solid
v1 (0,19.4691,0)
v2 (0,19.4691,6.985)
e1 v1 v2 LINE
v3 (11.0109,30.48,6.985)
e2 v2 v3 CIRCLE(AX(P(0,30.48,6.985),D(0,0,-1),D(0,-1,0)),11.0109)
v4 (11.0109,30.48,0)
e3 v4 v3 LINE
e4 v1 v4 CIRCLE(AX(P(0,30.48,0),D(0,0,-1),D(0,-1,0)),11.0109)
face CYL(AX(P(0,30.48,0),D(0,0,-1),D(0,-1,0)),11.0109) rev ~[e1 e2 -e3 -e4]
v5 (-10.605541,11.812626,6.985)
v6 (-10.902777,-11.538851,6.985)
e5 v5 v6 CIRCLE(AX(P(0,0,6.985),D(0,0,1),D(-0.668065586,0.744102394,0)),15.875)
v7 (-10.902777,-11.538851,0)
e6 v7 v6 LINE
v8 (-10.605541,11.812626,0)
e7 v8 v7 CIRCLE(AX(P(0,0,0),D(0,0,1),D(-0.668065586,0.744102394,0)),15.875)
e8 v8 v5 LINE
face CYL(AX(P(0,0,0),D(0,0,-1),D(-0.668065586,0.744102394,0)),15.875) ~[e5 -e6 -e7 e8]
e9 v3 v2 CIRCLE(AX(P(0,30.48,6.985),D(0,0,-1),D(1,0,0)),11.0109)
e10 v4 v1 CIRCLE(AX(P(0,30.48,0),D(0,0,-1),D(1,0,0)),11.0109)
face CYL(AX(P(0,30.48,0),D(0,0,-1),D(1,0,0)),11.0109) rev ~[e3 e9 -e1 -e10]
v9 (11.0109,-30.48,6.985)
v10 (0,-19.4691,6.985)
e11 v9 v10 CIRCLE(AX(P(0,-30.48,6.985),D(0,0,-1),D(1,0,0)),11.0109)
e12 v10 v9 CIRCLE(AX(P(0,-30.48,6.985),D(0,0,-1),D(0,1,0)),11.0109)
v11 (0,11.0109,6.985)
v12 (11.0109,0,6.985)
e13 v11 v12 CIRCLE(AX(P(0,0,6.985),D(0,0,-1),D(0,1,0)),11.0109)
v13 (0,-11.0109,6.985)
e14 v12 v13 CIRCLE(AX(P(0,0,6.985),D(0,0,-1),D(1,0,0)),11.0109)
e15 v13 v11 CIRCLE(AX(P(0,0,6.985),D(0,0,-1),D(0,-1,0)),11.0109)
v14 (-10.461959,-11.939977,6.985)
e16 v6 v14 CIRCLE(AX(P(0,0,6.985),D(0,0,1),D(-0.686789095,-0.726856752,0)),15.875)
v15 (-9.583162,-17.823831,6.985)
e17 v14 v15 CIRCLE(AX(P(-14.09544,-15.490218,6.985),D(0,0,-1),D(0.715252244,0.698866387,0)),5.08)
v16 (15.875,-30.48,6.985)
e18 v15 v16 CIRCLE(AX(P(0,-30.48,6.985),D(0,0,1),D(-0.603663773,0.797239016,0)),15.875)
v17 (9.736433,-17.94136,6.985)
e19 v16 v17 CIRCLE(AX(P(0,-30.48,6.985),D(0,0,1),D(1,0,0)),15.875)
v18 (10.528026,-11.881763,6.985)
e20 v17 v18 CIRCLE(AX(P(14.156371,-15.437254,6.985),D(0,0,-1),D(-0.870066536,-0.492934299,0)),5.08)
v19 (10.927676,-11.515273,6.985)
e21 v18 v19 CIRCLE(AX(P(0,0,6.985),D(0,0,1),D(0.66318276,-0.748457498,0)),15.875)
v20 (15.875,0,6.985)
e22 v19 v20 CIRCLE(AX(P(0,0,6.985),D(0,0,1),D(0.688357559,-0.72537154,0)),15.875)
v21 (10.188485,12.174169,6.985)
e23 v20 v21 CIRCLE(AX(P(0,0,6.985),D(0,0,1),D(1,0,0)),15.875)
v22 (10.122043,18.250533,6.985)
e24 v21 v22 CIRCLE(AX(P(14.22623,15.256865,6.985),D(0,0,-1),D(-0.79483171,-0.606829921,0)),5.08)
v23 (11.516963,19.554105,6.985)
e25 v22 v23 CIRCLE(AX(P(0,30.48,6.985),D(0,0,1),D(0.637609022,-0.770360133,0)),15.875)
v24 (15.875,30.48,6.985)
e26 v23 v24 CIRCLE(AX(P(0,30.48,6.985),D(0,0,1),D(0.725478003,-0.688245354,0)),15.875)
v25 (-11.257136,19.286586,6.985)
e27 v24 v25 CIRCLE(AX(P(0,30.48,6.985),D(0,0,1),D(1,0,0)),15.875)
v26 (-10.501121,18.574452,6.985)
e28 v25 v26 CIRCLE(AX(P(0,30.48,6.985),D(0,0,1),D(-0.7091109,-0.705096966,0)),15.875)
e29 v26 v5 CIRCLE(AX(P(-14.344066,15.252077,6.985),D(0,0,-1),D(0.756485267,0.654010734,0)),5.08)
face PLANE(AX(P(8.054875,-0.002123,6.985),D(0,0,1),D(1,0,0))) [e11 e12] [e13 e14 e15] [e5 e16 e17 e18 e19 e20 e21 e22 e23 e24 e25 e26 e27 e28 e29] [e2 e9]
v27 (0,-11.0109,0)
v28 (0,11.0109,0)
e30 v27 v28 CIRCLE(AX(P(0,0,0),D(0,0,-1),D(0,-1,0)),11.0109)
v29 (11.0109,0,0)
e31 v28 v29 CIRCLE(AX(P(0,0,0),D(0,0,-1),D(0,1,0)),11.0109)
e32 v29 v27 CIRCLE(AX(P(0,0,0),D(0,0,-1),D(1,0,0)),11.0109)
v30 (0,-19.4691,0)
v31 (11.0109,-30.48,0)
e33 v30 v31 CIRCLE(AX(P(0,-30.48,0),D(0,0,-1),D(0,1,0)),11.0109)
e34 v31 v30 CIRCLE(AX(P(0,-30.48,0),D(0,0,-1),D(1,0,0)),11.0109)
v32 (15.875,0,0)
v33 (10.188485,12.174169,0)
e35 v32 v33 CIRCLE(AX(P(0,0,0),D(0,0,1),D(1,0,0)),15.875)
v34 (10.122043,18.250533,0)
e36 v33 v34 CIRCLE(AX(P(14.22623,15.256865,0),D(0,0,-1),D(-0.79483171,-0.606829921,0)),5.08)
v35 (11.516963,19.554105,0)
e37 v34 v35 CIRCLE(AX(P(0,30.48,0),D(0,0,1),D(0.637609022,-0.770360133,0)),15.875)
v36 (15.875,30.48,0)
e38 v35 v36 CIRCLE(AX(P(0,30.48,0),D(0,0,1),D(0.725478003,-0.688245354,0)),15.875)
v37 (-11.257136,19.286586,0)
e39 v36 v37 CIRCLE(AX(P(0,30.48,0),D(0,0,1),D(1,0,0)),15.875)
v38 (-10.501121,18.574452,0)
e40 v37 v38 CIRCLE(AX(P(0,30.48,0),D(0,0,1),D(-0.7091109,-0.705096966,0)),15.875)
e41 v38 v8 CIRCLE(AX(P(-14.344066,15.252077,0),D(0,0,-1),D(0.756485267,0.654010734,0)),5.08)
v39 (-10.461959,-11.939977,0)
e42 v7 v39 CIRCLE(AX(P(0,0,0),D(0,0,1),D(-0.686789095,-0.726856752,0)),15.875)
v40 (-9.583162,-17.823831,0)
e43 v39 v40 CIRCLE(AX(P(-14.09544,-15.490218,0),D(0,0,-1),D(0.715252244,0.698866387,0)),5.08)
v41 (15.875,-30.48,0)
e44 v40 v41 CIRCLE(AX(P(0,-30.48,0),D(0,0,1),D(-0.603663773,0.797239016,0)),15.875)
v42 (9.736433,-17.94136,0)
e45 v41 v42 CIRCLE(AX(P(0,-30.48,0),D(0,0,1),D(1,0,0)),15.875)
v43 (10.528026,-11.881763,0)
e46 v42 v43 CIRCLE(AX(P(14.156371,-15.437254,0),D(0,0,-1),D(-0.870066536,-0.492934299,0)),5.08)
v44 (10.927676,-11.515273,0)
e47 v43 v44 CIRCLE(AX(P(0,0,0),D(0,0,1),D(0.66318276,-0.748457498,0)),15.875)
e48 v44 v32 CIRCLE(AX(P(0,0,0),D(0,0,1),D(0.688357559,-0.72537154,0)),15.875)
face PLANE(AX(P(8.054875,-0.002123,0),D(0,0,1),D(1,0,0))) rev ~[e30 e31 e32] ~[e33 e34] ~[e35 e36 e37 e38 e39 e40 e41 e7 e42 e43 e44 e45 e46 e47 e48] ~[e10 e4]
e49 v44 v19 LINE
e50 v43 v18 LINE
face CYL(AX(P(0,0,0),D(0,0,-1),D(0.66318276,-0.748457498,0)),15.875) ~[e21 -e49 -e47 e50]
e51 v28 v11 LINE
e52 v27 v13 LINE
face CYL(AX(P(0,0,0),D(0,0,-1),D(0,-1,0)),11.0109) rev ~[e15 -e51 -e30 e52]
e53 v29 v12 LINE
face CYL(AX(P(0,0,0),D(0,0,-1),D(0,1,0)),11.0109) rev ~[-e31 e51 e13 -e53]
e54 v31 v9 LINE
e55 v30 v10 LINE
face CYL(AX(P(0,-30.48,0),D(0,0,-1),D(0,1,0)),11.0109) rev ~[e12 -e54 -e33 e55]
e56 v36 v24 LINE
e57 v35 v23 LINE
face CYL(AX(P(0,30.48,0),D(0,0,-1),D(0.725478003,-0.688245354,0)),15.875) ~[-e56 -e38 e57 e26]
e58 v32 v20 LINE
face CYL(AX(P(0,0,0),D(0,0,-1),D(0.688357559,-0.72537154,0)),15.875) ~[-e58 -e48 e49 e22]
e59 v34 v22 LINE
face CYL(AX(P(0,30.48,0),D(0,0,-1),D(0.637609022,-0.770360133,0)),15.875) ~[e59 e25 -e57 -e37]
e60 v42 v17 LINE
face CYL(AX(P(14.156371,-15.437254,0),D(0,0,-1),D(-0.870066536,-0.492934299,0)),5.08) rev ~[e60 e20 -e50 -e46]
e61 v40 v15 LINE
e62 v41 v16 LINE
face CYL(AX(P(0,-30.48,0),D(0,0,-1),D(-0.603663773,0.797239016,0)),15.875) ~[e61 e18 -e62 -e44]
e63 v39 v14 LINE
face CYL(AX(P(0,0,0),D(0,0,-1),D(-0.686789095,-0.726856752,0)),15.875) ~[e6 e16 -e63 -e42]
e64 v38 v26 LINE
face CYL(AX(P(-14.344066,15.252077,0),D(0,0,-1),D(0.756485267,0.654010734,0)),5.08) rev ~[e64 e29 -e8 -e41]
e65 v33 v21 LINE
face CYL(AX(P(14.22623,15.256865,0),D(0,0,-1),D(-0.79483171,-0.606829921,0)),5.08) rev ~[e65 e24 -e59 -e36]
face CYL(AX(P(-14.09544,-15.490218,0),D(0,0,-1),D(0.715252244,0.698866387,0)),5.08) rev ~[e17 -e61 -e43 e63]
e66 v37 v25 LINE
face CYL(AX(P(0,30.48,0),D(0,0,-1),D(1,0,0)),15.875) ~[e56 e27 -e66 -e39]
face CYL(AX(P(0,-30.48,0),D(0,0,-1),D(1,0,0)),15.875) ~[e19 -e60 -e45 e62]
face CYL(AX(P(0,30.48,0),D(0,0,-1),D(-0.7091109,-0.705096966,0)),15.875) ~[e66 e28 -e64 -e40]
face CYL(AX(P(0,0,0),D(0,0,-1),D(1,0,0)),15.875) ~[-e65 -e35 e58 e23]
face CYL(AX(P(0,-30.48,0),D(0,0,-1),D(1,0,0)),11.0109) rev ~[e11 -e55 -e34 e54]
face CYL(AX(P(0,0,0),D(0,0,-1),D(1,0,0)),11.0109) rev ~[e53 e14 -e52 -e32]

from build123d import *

# Parameters (mm, degrees)
F1_DEPTH = 6.985
F2_DEPTH = 6.985


with BuildPart() as f1:
    # F0 (on Top) → F1 (new body)
    with BuildSketch(Plane.XY):
        with BuildLine():
            Line((0, 15.875), (0, 14.605))
            ThreePointArc((0, 14.605), (2.2450640303, 14.7645517881), (4.445, 15.24))
            ThreePointArc((4.445, 15.24), (2.2450640303, 15.7154482119), (0, 15.875))
        make_face()
        with BuildLine():
            ThreePointArc((-4.445, 15.24), (-2.2450640303, 14.7645517881), (0, 14.605))
            Line((0, 14.605), (0, 15.875))
            ThreePointArc((0, 15.875), (-2.2450640303, 15.7154482119), (-4.445, 15.24))
        make_face()
        with BuildLine():
            Line((0, -15.875), (0, -14.605))
            ThreePointArc((0, -14.605), (-2.2450640303, -14.7645517881), (-4.445, -15.24))
            ThreePointArc((-4.445, -15.24), (-2.2450640303, -15.7154482119), (0, -15.875))
        make_face()
        with BuildLine():
            ThreePointArc((4.445, -15.24), (2.2450640303, -14.7645517881), (0, -14.605))
            Line((0, -14.605), (0, -15.875))
            ThreePointArc((0, -15.875), (2.2450640303, -15.7154482119), (4.445, -15.24))
        make_face()
        with BuildLine():
            ThreePointArc((0, -11.0109), (-11.0109, 0), (0, 11.0109))
            Line((0, 11.0109), (0, 14.605))
            ThreePointArc((0, 14.605), (-2.2450640303, 14.7645517881), (-4.445, 15.24))
            ThreePointArc((-4.445, 15.24), (-7.7179285658, 13.8726062315), (-10.6055411699, 11.8126255123))
            ThreePointArc((-10.6055411699, 11.8126255123), (-15.8737141087, 0.2020529542), (-10.9027768874, -11.5388509455))
            ThreePointArc((-10.9027768874, -11.5388509455), (-10.6764801033, -11.7329434022), (-10.4619588639, -11.9399766219))
            ThreePointArc((-10.4619588639, -11.9399766219), (-7.6339304566, -13.919006099), (-4.445, -15.24))
            ThreePointArc((-4.445, -15.24), (-2.2450640303, -14.7645517881), (0, -14.605))
            Line((0, -14.605), (0, -11.0109))
        make_face()
        with BuildLine():
            ThreePointArc((0, 11.0109), (7.785882057, 7.785882057), (11.0109, 0))
            ThreePointArc((11.0109, 0), (7.785882057, -7.785882057), (0, -11.0109))
            Line((0, -11.0109), (0, -14.605))
            ThreePointArc((0, -14.605), (2.2450640303, -14.7645517881), (4.445, -15.24))
            ThreePointArc((4.445, -15.24), (7.6725040661, -13.897780627), (10.5280263251, -11.8817627774))
            ThreePointArc((10.5280263251, -11.8817627774), (10.7229578197, -11.6931817512), (10.9276762517, -11.5152731942))
            ThreePointArc((10.9276762517, -11.5152731942), (14.5858233483, -6.2665287242), (15.875, 0))
            ThreePointArc((15.875, 0), (14.3832859591, 6.7183859683), (10.188485352, 12.1741690161))
            ThreePointArc((10.188485352, 12.1741690161), (7.4755971863, 14.0046803501), (4.445, 15.24))
            ThreePointArc((4.445, 15.24), (2.2450640303, 14.7645517881), (0, 14.605))
            Line((0, 14.605), (0, 11.0109))
        make_face()
        with BuildLine():
            ThreePointArc((4.445, -15.24), (2.2450640303, -15.7154482119), (0, -15.875))
            ThreePointArc((0, -15.875), (-2.2450640303, -15.7154482119), (-4.445, -15.24))
            ThreePointArc((-4.445, -15.24), (-7.1320670392, -16.2972906415), (-9.5831624007, -17.823830619))
            ThreePointArc((-9.5831624007, -17.823830619), (-7.0669272633, -44.6952792465), (15.875, -30.48))
            ThreePointArc((15.875, -30.48), (14.2580065027, -23.4996794079), (9.7364329992, -17.9413598245))
            ThreePointArc((9.7364329992, -17.9413598245), (7.2182128469, -16.3409396247), (4.445, -15.24))
        make_face()
        with BuildLine():
            ThreePointArc((11.0109, -30.48), (-7.785882057, -38.265882057), (0, -19.4691))
            ThreePointArc((0, -19.4691), (7.785882057, -22.694117943), (11.0109, -30.48))
        make_face(mode=Mode.SUBTRACT)
        with BuildLine():
            ThreePointArc((-4.445, 15.24), (-2.2450640303, 15.7154482119), (0, 15.875))
            ThreePointArc((0, 15.875), (2.2450640303, 15.7154482119), (4.445, 15.24))
            ThreePointArc((4.445, 15.24), (7.4374400281, 16.4550183306), (10.1220432287, 18.2505328867))
            ThreePointArc((10.1220432287, 18.2505328867), (10.7577127256, 18.9684394589), (11.5169632943, 19.5541050033))
            ThreePointArc((11.5169632943, 19.5541050033), (14.7452944578, 24.5985107029), (15.875, 30.48))
            ThreePointArc((15.875, 30.48), (-6.0542794063, 45.1551942362), (-11.2571355427, 19.2865856695))
            ThreePointArc((-11.2571355427, 19.2865856695), (-10.8608812375, 18.9498902987), (-10.5011212887, 18.574451853))
            ThreePointArc((-10.5011212887, 18.574451853), (-7.6567798508, 16.5735501541), (-4.445, 15.24))
        make_face()
        with BuildLine():
            ThreePointArc((11.0109, 30.48), (7.785882057, 22.694117943), (0, 19.4691))
            ThreePointArc((0, 19.4691), (-7.785882057, 38.265882057), (11.0109, 30.48))
        make_face(mode=Mode.SUBTRACT)
    extrude(amount=F1_DEPTH)

    # F0 (on Top) → F2 (join)
    with BuildSketch(Plane.XY):
        with BuildLine():
            ThreePointArc((0, 11.0109), (7.785882057, 7.785882057), (11.0109, 0))
            ThreePointArc((11.0109, 0), (7.785882057, -7.785882057), (0, -11.0109))
            Line((0, -11.0109), (0, -14.605))
            ThreePointArc((0, -14.605), (2.2450640303, -14.7645517881), (4.445, -15.24))
            ThreePointArc((4.445, -15.24), (7.6725040661, -13.897780627), (10.5280263251, -11.8817627774))
            ThreePointArc((10.5280263251, -11.8817627774), (10.7229578197, -11.6931817512), (10.9276762517, -11.5152731942))
            ThreePointArc((10.9276762517, -11.5152731942), (14.5858233483, -6.2665287242), (15.875, 0))
            ThreePointArc((15.875, 0), (14.3832859591, 6.7183859683), (10.188485352, 12.1741690161))
            ThreePointArc((10.188485352, 12.1741690161), (7.4755971863, 14.0046803501), (4.445, 15.24))
            ThreePointArc((4.445, 15.24), (2.2450640303, 14.7645517881), (0, 14.605))
            Line((0, 14.605), (0, 11.0109))
        make_face()
        with BuildLine():
            ThreePointArc((0, -11.0109), (-11.0109, 0), (0, 11.0109))
            Line((0, 11.0109), (0, 14.605))
            ThreePointArc((0, 14.605), (-2.2450640303, 14.7645517881), (-4.445, 15.24))
            ThreePointArc((-4.445, 15.24), (-7.7179285658, 13.8726062315), (-10.6055411699, 11.8126255123))
            ThreePointArc((-10.6055411699, 11.8126255123), (-15.8737141087, 0.2020529542), (-10.9027768874, -11.5388509455))
            ThreePointArc((-10.9027768874, -11.5388509455), (-10.6764801033, -11.7329434022), (-10.4619588639, -11.9399766219))
            ThreePointArc((-10.4619588639, -11.9399766219), (-7.6339304566, -13.919006099), (-4.445, -15.24))
            ThreePointArc((-4.445, -15.24), (-2.2450640303, -14.7645517881), (0, -14.605))
            Line((0, -14.605), (0, -11.0109))
        make_face()
        with BuildLine():
            ThreePointArc((-4.445, 15.24), (-2.2450640303, 15.7154482119), (0, 15.875))
            ThreePointArc((0, 15.875), (2.2450640303, 15.7154482119), (4.445, 15.24))
            ThreePointArc((4.445, 15.24), (7.4374400281, 16.4550183306), (10.1220432287, 18.2505328867))
            ThreePointArc((10.1220432287, 18.2505328867), (10.7577127256, 18.9684394589), (11.5169632943, 19.5541050033))
            ThreePointArc((11.5169632943, 19.5541050033), (14.7452944578, 24.5985107029), (15.875, 30.48))
            ThreePointArc((15.875, 30.48), (-6.0542794063, 45.1551942362), (-11.2571355427, 19.2865856695))
            ThreePointArc((-11.2571355427, 19.2865856695), (-10.8608812375, 18.9498902987), (-10.5011212887, 18.574451853))
            ThreePointArc((-10.5011212887, 18.574451853), (-7.6567798508, 16.5735501541), (-4.445, 15.24))
        make_face()
        with BuildLine():
            ThreePointArc((11.0109, 30.48), (7.785882057, 22.694117943), (0, 19.4691))
            ThreePointArc((0, 19.4691), (-7.785882057, 38.265882057), (11.0109, 30.48))
        make_face(mode=Mode.SUBTRACT)
        with BuildLine():
            ThreePointArc((-10.6055411699, 11.8126255123), (-7.7179285658, 13.8726062315), (-4.445, 15.24))
            ThreePointArc((-4.445, 15.24), (-7.6567798508, 16.5735501541), (-10.5011212887, 18.574451853))
            ThreePointArc((-10.5011212887, 18.574451853), (-9.2646720581, 15.1736384914), (-10.6055411699, 11.8126255123))
        make_face()
        with BuildLine():
            ThreePointArc((10.1220432287, 18.2505328867), (7.4374400281, 16.4550183306), (4.445, 15.24))
            ThreePointArc((4.445, 15.24), (7.4755971863, 14.0046803501), (10.188485352, 12.1741690161))
            ThreePointArc((10.188485352, 12.1741690161), (9.1465341041, 15.2013209708), (10.1220432287, 18.2505328867))
        make_face()
        with BuildLine():
            ThreePointArc((4.445, -15.24), (2.2450640303, -15.7154482119), (0, -15.875))
            ThreePointArc((0, -15.875), (-2.2450640303, -15.7154482119), (-4.445, -15.24))
            ThreePointArc((-4.445, -15.24), (-7.1320670392, -16.2972906415), (-9.5831624007, -17.823830619))
            ThreePointArc((-9.5831624007, -17.823830619), (-7.0669272633, -44.6952792465), (15.875, -30.48))
            ThreePointArc((15.875, -30.48), (14.2580065027, -23.4996794079), (9.7364329992, -17.9413598245))
            ThreePointArc((9.7364329992, -17.9413598245), (7.2182128469, -16.3409396247), (4.445, -15.24))
        make_face()
        with BuildLine():
            ThreePointArc((11.0109, -30.48), (-7.785882057, -38.265882057), (0, -19.4691))
            ThreePointArc((0, -19.4691), (7.785882057, -22.694117943), (11.0109, -30.48))
        make_face(mode=Mode.SUBTRACT)
        with BuildLine():
            ThreePointArc((10.5280263251, -11.8817627774), (7.6725040661, -13.897780627), (4.445, -15.24))
            ThreePointArc((4.445, -15.24), (7.2182128469, -16.3409396247), (9.7364329992, -17.9413598245))
            ThreePointArc((9.7364329992, -17.9413598245), (9.119170131, -14.7792206259), (10.5280263251, -11.8817627774))
        make_face()
        with BuildLine():
            ThreePointArc((-9.5831624007, -17.823830619), (-7.1320670392, -16.2972906415), (-4.445, -15.24))
            ThreePointArc((-4.445, -15.24), (-7.6339304566, -13.919006099), (-10.4619588639, -11.9399766219))
            ThreePointArc((-10.4619588639, -11.9399766219), (-9.0711708687, -14.7398066276), (-9.5831624007, -17.823830619))
        make_face()
        with BuildLine():
            ThreePointArc((-11.2571355427, 19.2865856695), (-10.8849537771, 18.9243344514), (-10.5011212887, 18.574451853))
            ThreePointArc((-10.5011212887, 18.574451853), (-10.8608812375, 18.9498902987), (-11.2571355427, 19.2865856695))
        make_face()
        with BuildLine():
            ThreePointArc((11.5169632943, 19.5541050033), (10.7577127256, 18.9684394589), (10.1220432287, 18.2505328867))
            ThreePointArc((10.1220432287, 18.2505328867), (10.8391178558, 18.881329856), (11.5169632943, 19.5541050033))
        make_face()
        with BuildLine():
            ThreePointArc((10.9276762517, -11.5152731942), (10.7229578197, -11.6931817512), (10.5280263251, -11.8817627774))
            ThreePointArc((10.5280263251, -11.8817627774), (10.7294161966, -11.7002244885), (10.9276762517, -11.5152731942))
        make_face()
        with BuildLine():
            ThreePointArc((-10.9027768874, -11.5388509455), (-10.6842505064, -11.7414827052), (-10.4619588639, -11.9399766219))
            ThreePointArc((-10.4619588639, -11.9399766219), (-10.6764801033, -11.7329434022), (-10.9027768874, -11.5388509455))
        make_face()
    extrude(amount=F2_DEPTH)


solid = f1.part
